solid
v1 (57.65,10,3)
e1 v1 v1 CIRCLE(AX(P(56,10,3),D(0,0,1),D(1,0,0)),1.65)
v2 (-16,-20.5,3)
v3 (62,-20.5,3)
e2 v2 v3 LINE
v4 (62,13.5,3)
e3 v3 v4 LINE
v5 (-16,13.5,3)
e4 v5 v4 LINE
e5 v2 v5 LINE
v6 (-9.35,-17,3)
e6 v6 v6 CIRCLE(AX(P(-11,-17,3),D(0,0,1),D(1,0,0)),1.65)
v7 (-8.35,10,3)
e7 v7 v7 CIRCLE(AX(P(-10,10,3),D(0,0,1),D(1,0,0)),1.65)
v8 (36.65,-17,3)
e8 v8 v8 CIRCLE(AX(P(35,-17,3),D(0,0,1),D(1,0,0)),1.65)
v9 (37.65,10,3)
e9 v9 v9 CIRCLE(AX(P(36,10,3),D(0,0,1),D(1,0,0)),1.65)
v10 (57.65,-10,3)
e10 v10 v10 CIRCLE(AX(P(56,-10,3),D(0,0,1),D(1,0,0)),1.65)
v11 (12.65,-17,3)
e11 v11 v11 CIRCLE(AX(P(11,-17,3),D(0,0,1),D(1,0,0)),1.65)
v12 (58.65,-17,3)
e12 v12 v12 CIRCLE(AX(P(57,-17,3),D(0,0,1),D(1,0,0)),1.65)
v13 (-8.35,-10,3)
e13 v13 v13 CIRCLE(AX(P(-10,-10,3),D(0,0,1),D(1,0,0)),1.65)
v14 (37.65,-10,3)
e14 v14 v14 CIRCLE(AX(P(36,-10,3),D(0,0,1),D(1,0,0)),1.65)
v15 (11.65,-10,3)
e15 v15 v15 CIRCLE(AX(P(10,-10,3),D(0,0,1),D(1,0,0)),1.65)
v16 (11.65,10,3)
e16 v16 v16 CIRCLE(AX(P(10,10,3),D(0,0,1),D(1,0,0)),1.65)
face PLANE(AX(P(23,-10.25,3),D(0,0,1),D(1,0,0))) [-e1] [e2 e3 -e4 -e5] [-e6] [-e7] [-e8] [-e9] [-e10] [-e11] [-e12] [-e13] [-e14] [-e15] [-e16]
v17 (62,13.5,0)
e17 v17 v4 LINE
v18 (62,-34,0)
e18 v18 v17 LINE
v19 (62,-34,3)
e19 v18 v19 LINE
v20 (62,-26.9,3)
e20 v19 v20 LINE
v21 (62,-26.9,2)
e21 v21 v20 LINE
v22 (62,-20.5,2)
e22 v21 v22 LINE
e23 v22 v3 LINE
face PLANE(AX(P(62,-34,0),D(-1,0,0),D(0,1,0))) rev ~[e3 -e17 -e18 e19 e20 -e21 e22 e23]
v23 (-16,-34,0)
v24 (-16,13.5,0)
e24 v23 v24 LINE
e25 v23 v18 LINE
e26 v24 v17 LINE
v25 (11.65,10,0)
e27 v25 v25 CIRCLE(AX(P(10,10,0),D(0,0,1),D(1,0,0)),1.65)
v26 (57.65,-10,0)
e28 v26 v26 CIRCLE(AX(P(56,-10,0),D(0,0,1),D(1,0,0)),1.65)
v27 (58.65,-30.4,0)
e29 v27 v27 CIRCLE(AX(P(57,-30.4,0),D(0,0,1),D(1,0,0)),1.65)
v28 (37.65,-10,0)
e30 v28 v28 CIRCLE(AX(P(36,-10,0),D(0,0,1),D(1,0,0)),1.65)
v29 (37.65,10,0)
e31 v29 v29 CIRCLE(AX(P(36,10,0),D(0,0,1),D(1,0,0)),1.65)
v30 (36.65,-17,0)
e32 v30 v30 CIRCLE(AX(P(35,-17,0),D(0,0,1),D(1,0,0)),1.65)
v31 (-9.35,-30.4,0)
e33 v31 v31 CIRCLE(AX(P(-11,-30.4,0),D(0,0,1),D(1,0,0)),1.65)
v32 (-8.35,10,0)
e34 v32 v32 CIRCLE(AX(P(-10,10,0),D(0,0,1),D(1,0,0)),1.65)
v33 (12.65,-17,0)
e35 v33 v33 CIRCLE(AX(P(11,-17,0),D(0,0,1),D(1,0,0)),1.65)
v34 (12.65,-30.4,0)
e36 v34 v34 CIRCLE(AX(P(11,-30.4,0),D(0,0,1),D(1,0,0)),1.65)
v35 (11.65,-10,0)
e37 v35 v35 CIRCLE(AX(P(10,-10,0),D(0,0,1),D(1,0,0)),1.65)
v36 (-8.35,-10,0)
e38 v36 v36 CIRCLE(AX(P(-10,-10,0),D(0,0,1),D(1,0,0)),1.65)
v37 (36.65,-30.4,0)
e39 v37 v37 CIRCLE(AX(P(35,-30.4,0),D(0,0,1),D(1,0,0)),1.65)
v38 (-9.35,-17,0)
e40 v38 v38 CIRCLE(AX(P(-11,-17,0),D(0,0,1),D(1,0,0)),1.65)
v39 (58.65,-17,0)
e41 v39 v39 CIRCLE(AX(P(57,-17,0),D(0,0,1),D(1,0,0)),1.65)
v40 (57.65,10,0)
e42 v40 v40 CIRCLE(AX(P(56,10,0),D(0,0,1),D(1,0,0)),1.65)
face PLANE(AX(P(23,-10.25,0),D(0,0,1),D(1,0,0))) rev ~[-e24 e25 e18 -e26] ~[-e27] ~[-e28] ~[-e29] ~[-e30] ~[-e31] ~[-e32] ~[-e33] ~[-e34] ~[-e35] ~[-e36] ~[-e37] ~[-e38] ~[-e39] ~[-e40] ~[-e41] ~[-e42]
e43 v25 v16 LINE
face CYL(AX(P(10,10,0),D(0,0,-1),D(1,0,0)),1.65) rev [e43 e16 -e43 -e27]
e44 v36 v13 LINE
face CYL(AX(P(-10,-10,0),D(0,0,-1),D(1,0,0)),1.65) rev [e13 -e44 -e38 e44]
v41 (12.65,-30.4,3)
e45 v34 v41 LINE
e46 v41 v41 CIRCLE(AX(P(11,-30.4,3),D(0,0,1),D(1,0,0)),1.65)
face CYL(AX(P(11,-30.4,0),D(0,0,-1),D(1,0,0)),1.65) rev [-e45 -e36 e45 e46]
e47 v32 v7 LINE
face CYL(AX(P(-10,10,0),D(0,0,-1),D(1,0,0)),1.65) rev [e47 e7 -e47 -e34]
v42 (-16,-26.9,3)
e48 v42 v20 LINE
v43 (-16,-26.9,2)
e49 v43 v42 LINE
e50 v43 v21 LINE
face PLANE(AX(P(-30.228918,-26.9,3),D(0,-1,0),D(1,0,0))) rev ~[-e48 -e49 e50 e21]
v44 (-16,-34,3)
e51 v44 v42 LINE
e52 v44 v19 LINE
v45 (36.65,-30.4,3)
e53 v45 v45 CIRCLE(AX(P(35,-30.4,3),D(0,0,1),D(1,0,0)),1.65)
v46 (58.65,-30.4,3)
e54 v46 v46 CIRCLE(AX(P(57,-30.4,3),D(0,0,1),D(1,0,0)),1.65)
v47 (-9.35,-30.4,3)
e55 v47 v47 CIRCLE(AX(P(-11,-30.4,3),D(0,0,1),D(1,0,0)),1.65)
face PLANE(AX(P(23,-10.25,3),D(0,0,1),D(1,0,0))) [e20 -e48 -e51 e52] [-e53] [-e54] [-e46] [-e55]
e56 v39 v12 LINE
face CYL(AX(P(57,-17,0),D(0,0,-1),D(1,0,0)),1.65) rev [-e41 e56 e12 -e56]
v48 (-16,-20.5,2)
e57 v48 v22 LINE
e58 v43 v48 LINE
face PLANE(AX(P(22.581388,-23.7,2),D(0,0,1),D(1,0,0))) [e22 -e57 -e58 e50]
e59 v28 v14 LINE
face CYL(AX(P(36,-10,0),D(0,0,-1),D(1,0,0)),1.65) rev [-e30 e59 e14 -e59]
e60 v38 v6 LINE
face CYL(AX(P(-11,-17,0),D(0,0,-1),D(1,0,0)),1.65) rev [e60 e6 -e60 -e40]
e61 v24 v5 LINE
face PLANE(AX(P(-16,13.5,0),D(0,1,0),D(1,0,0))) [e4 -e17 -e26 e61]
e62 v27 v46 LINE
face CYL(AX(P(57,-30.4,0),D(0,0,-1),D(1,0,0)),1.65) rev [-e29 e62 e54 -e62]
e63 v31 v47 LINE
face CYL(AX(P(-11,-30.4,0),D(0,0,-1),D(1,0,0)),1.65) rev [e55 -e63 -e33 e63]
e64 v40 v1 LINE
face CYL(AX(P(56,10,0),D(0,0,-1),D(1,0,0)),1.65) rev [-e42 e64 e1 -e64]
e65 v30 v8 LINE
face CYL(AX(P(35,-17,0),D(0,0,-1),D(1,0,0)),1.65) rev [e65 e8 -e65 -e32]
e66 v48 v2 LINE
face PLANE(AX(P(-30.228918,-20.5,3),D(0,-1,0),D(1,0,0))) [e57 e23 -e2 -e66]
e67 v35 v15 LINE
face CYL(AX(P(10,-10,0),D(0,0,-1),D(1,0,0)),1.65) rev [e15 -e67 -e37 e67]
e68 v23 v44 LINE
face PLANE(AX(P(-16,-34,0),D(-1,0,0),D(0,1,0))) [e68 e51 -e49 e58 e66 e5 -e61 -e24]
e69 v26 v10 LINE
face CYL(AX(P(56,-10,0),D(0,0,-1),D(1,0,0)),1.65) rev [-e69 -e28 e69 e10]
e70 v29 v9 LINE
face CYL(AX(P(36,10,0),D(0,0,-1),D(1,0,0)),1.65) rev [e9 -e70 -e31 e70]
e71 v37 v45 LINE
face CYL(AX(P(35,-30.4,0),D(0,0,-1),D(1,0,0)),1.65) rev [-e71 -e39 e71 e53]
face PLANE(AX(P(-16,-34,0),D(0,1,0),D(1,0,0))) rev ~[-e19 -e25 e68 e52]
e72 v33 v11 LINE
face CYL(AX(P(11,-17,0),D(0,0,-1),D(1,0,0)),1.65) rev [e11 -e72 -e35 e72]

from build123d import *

# Parameters (mm, degrees)
SKETCH_W     = 78
SKETCH_H     = 47.5
SKETCH_R     = 1.65
PAD_DEPTH    = 3
SKETCH001_W  = 105.620613
SKETCH001_H  = 6.4
POCKET_DEPTH = 1


with BuildPart() as part:
    # Sketch → Pad (new body)
    with BuildSketch(Plane.XY):
        with Locations((23, -10.25)):
            Rectangle(SKETCH_W, SKETCH_H)
        with Locations((-10, -10)):
            Circle(SKETCH_R, mode=Mode.SUBTRACT)
        with Locations((-10, 10)):
            Circle(SKETCH_R, mode=Mode.SUBTRACT)
        with Locations((10, 10)):
            Circle(SKETCH_R, mode=Mode.SUBTRACT)
        with Locations((10, -10)):
            Circle(SKETCH_R, mode=Mode.SUBTRACT)
        with Locations((-11, -17)):
            Circle(SKETCH_R, mode=Mode.SUBTRACT)
        with Locations((11, -17)):
            Circle(SKETCH_R, mode=Mode.SUBTRACT)
        with Locations((-11, -30.4)):
            Circle(SKETCH_R, mode=Mode.SUBTRACT)
        with Locations((11, -30.4)):
            Circle(SKETCH_R, mode=Mode.SUBTRACT)
        with Locations((56, -10)):
            Circle(SKETCH_R, mode=Mode.SUBTRACT)
        with Locations((56, 10)):
            Circle(SKETCH_R, mode=Mode.SUBTRACT)
        with Locations((36, 10)):
            Circle(SKETCH_R, mode=Mode.SUBTRACT)
        with Locations((36, -10)):
            Circle(SKETCH_R, mode=Mode.SUBTRACT)
        with Locations((35, -17)):
            Circle(SKETCH_R, mode=Mode.SUBTRACT)
        with Locations((35, -30.4)):
            Circle(SKETCH_R, mode=Mode.SUBTRACT)
        with Locations((57, -17)):
            Circle(SKETCH_R, mode=Mode.SUBTRACT)
        with Locations((57, -30.4)):
            Circle(SKETCH_R, mode=Mode.SUBTRACT)
    extrude(amount=PAD_DEPTH)

    # Sketch001 → Pocket (cut)
    with BuildSketch(Plane.XY.offset(3)):
        with Locations((22.581388, -23.7)):
            Rectangle(SKETCH001_W, SKETCH001_H)
    extrude(amount=-POCKET_DEPTH, mode=Mode.SUBTRACT)


solid = part.part
